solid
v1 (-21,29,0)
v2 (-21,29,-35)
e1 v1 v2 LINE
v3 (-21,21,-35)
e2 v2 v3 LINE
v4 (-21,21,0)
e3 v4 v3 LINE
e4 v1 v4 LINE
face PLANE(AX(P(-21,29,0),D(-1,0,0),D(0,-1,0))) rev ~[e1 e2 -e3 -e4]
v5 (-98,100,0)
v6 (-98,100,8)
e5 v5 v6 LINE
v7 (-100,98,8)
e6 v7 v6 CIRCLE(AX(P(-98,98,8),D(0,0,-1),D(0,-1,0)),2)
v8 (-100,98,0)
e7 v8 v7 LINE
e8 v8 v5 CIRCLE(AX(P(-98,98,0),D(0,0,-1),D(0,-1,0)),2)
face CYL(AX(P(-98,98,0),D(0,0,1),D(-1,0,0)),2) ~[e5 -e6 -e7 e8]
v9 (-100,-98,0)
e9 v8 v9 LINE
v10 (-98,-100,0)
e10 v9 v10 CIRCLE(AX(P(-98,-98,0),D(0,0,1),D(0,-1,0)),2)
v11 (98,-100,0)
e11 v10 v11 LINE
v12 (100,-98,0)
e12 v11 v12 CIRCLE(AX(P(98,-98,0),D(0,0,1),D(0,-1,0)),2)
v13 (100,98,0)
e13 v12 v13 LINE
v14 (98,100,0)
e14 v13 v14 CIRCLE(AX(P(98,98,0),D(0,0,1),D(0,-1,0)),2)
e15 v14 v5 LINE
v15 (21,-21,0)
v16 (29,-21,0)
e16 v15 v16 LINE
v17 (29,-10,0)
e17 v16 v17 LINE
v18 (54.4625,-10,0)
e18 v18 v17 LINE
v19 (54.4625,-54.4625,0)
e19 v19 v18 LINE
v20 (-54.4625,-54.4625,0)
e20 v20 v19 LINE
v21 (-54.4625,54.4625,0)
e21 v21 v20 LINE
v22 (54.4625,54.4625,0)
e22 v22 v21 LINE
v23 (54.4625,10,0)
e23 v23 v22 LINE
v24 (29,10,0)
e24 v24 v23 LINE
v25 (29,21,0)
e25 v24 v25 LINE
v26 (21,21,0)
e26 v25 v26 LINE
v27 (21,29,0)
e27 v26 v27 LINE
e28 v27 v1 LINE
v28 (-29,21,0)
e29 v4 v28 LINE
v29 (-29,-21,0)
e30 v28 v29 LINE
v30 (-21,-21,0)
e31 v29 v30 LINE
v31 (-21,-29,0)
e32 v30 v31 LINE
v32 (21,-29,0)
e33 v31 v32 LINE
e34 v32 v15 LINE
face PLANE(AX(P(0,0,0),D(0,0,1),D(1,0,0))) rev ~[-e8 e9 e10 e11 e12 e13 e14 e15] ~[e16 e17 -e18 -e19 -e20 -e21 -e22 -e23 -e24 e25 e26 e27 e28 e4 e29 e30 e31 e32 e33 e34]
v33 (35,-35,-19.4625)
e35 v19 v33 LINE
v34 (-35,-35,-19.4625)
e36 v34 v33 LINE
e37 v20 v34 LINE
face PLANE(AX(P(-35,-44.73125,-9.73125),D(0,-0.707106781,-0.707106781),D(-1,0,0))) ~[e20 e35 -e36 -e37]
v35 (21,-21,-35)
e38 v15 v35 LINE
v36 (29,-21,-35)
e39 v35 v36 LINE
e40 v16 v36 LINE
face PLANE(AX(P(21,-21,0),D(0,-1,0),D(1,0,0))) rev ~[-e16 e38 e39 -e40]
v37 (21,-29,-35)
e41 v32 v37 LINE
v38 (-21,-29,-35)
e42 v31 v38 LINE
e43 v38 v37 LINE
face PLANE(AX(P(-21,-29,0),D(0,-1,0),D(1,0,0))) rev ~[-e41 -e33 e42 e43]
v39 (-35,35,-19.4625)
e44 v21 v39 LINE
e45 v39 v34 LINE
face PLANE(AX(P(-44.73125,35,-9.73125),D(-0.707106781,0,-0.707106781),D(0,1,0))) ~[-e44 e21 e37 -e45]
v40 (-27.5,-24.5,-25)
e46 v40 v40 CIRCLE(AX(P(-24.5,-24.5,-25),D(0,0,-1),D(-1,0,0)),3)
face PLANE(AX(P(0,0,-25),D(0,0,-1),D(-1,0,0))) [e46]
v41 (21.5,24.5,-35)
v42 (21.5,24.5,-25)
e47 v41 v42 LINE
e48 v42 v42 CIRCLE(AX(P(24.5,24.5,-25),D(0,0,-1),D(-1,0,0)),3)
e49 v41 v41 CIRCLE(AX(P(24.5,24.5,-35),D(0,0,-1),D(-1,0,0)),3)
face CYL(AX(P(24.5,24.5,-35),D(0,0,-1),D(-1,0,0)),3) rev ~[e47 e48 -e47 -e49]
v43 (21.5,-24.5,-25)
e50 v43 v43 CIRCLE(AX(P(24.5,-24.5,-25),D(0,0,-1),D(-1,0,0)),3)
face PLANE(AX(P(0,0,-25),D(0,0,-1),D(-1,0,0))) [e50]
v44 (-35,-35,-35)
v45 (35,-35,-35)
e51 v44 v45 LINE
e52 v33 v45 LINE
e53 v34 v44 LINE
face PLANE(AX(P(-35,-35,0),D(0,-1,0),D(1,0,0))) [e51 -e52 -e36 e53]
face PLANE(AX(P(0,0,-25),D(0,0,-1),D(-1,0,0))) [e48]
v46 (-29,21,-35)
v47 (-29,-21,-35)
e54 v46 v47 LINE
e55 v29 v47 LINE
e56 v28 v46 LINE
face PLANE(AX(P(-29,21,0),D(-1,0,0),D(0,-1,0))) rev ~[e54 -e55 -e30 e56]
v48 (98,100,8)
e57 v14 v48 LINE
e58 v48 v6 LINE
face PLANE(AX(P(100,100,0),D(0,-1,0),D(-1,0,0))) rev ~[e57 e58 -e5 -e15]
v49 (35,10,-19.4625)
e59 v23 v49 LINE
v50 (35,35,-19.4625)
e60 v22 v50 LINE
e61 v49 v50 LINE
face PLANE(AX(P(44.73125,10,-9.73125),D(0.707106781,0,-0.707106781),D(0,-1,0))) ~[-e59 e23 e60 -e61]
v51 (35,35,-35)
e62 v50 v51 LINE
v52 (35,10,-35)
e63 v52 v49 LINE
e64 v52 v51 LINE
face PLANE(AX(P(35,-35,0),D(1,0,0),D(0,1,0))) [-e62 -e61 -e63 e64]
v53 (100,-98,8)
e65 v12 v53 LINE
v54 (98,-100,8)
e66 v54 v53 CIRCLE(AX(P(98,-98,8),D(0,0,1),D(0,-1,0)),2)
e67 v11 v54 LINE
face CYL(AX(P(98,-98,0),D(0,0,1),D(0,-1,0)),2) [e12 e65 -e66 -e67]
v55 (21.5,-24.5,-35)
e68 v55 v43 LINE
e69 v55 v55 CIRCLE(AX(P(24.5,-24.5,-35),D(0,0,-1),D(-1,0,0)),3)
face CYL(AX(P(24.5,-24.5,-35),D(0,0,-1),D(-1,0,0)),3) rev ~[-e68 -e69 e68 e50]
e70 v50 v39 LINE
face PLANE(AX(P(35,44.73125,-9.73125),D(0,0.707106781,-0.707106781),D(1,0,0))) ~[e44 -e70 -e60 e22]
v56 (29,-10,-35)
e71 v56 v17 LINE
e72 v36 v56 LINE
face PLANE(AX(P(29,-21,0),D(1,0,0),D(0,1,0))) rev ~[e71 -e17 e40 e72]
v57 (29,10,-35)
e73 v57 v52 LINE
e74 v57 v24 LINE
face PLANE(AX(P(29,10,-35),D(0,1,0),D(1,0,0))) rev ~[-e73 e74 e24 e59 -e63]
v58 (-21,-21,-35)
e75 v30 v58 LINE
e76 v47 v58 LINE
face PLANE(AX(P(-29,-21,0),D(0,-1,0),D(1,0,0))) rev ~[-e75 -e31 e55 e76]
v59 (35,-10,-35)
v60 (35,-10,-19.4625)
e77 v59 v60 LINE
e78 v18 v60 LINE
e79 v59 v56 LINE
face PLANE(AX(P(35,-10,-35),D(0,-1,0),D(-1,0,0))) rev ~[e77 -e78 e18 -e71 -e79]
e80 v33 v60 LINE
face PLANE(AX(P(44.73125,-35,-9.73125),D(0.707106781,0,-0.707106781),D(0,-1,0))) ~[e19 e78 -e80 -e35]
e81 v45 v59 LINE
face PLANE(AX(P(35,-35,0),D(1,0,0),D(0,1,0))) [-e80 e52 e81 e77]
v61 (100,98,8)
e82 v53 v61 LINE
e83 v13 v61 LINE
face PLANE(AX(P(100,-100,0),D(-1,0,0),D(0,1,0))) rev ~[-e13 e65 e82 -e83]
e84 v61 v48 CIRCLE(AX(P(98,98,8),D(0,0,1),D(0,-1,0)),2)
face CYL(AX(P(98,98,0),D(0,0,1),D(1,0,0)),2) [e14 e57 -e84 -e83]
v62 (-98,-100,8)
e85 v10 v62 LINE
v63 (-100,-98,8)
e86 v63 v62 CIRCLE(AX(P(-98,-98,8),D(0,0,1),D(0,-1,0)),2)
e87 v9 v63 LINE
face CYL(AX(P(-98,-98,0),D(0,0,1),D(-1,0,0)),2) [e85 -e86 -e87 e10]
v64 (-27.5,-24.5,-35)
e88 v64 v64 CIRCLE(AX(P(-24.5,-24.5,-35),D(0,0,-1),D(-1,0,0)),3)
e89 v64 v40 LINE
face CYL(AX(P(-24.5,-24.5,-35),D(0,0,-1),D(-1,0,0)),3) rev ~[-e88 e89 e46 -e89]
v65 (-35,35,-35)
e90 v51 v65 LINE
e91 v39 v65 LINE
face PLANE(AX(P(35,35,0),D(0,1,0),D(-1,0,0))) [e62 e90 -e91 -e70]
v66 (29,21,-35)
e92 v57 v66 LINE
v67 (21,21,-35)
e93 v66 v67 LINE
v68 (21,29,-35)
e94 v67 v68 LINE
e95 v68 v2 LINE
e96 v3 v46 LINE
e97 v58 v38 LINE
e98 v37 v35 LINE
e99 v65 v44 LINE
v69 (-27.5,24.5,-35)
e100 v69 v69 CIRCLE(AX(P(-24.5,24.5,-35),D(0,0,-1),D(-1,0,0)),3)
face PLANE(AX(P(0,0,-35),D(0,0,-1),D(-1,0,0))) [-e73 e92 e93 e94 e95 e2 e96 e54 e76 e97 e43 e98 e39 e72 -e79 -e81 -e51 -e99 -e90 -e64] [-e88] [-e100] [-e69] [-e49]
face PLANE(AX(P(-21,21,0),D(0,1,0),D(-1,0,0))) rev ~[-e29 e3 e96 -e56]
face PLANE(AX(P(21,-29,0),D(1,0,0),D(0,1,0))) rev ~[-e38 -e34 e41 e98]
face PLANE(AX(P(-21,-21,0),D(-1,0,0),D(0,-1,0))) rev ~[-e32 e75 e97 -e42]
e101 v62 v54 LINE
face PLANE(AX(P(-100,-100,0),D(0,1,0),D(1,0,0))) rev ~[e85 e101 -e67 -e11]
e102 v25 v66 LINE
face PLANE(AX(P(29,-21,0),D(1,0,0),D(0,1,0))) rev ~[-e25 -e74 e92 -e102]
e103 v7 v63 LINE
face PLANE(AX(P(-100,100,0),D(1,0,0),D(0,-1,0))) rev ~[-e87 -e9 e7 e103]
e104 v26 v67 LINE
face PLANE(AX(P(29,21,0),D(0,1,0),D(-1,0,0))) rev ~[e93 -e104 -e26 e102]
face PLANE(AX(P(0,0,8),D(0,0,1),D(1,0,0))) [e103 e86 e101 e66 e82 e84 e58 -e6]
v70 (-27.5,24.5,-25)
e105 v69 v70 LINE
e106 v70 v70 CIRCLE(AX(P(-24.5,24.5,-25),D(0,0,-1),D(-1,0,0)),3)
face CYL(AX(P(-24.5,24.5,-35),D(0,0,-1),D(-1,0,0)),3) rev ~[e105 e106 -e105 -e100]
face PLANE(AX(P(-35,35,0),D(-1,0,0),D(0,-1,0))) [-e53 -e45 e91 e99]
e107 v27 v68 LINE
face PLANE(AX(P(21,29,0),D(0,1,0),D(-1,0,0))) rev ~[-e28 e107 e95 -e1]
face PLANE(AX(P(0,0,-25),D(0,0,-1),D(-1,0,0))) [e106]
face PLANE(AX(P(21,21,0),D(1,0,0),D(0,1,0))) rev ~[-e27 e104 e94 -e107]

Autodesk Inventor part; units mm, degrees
ref_plane "YZ Plane" through (0, 0, 0) normal (1, 0, 0) x (0, 1, 0)
ref_plane "XZ Plane" through (0, 0, 0) normal (0, 1, 0) x (-1, 0, 0)
ref_plane "XY Plane" through (0, 0, 0) normal (0, 0, 1) x (1, 0, 0)
sketch "Sketch1" plane through (0, 0, 0) normal (0, 0, 1) x (1, 0, 0)
  line L0 (20.5, -20.5) -> (20.5, -28.5) projected
  line L1 (28.5, -20.5) -> (20.5, -20.5) projected
  line L2 (28.5, 20.5) -> (28.5, -20.5) projected
  line L3 (20.5, 20.5) -> (28.5, 20.5) projected
  line L4 (20.5, 28.5) -> (20.5, 20.5) projected
  line L5 (-20.5, 28.5) -> (20.5, 28.5) projected
  line L6 (-20.5, 20.5) -> (-20.5, 28.5) projected
  line L7 (-28.5, 20.5) -> (-20.5, 20.5) projected
  line L8 (-28.5, -20.5) -> (-28.5, 20.5) projected
  line L9 (-20.5, -20.5) -> (-28.5, -20.5) projected
  line L10 (-20.5, -28.5) -> (-20.5, -20.5) projected
  line L11 (20.5, -28.5) -> (-20.5, -28.5) projected
  line L12 (-100, -100) -> (100, -100)
  line L13 (100, -100) -> (100, 100)
  line L14 (100, 100) -> (-100, 100)
  line L15 (-100, 100) -> (-100, -100)
  line L16 (-100, -100) -> (100, 100) construction
  line L17 (100, -100) -> (-100, 100) construction
  point P0 (0, 0)
  dimension "d0" = 200
  dimension "d1" = 200
extrude "Extrusion1" add sketch "Sketch1" along normal blind 8 contours L0 L11 L10 L9 L8 L7 L6 L5 L4 L3 L2 L1 | L15 L14 L13 L12
sketch "Sketch2" plane through (0, 0, 0) normal (0, 0, -1) x (-1, 0, 0)
  line L0 (28.5, -20.5) -> (28.5, 20.5) projected
  line L1 (28.5, 20.5) -> (20.5, 20.5) projected
  line L2 (20.5, 20.5) -> (20.5, 28.5) projected
  line L3 (20.5, 28.5) -> (-20.5, 28.5) projected
  line L4 (-20.5, 28.5) -> (-20.5, 20.5) projected
  line L5 (-20.5, 20.5) -> (-28.5, 20.5) projected
  line L6 (-28.5, 20.5) -> (-28.5, -20.5) projected
  line L7 (-28.5, -20.5) -> (-20.5, -20.5) construction
  line L8 (-20.5, -20.5) -> (-20.5, -28.5) construction
  line L9 (-28.5, -20.5) -> (-20.5, -20.5) construction
  line L10 (-28.5, -20.5) -> (-20.5, -20.5) construction
  line L11 (-20.5, -28.5) -> (20.5, -28.5) construction
  line L12 (20.5, -20.5) -> (28.5, -20.5) projected
  line L13 (20.5, -28.5) -> (20.5, -20.5) projected
  line L14 (-35, 35) -> (35, 35)
  line L15 (35, 35) -> (35, -35)
  line L16 (35, -35) -> (-35, -35)
  line L17 (-35, -35) -> (-35, 35)
  line L18 (-35, 35) -> (35, -35) construction
  line L19 (35, 35) -> (-35, -35) construction
  line L20 (-21, -29) -> (-21, -21)
  line L21 (-21, -21) -> (-29, -21)
  line L22 (-29, -21) -> (-29, 21)
  line L23 (-29, 21) -> (-21, 21)
  line L24 (-21, 21) -> (-21, 29)
  line L25 (-21, 29) -> (21, 29)
  line L26 (21, 29) -> (21, 21)
  line L27 (21, 21) -> (29, 21)
  line L28 (29, 21) -> (29, -21)
  line L29 (29, -21) -> (21, -21)
  line L30 (21, -21) -> (21, -29)
  line L31 (21, -29) -> (-21, -29)
  point P0 (0, 0)
  dimension "d4" = 70
  dimension "d5" = 70
  dimension "d6" = 0.5
extrude "Extrusion2" add sketch "Sketch2" along normal blind 35
sketch "Sketch3" plane through (0, 0, -35) normal (0, 0, -1) x (-1, 0, 0)
  line L0 (-35, -35) -> (35, -35) projected
  line L1 (35, -35) -> (35, 35) projected
  line L2 (35, 35) -> (-35, 35) projected
  line L3 (-35, 35) -> (-35, -35) projected
  line L4 (-21, -29) -> (-21, -21) projected
  line L5 (-21, -21) -> (-29, -21) projected
  line L6 (-29, -21) -> (-29, 21) projected
  line L7 (-29, 21) -> (-21, 21) projected
  line L8 (-21, 21) -> (-21, 29) projected
  line L9 (-21, 29) -> (21, 29) projected
  line L10 (21, 29) -> (21, 21) projected
  line L11 (21, 21) -> (29, 21) projected
  line L12 (29, 21) -> (29, -21) projected
  line L13 (29, -21) -> (21, -21) projected
  line L14 (21, -21) -> (21, -29) projected
  line L15 (21, -29) -> (-21, -29) projected
  line L16 (-29, 0) -> (-29, 10)
  line L17 (-29, -21) -> (-29, 21) projected
  line L18 (-29, 10) -> (-29, -10)
  line L19 (-29, 10) -> (-35, 10)
  line L20 (-35, 10) -> (-35, -10)
  line L21 (-35, -10) -> (-29, -10)
  line L22 (-29, -10) -> (-29, 10)
  point P0 (0, 0)
  dimension "d9" = 10
  dimension "d10" = 20
extrude "Extrusion3" cut sketch "Sketch3" against normal blind 35 contours L3 L19 L6 L21
chamfer "Chamfer1" distance 19.4625 angle 45 5 edges at (35, 22.5, 0) (35, -22.5, 0) (0, -35, 0) (-35, 0, 0) (0, 35, 0)
sketch "Sketch4" plane through (0, 0, -35) normal (0, 0, -1) x (-1, 0, 0)
  circle A0 centre (24.5, 24.5) radius 2.5 projected
  circle A1 centre (24.5, -24.5) radius 2.5 projected
  circle A2 centre (-24.5, -24.5) radius 2.5 projected
  circle A3 centre (-24.5, 24.5) radius 2.5 projected
  circle A4 centre (24.5, 24.5) radius 3
  circle A5 centre (-24.5, 24.5) radius 3
  circle A6 centre (-24.5, -24.5) radius 3
  circle A7 centre (24.5, -24.5) radius 3
  point P0 (0, 0)
  dimension "d16" = 6
  dimension "d17" = 6
  dimension "d18" = 6
  dimension "d19" = 6
extrude "Extrusion4" cut sketch "Sketch4" against normal blind 10 contours A0 | A1 | A2 | A3 | A4 | A5 | A6 | A7
fillet "Fillet1" radius 2 4 edges at (100, 100, 4) (100, -100, 4) (-100, -100, 4) (-100, 100, 4)
properties part number "Base stand"
